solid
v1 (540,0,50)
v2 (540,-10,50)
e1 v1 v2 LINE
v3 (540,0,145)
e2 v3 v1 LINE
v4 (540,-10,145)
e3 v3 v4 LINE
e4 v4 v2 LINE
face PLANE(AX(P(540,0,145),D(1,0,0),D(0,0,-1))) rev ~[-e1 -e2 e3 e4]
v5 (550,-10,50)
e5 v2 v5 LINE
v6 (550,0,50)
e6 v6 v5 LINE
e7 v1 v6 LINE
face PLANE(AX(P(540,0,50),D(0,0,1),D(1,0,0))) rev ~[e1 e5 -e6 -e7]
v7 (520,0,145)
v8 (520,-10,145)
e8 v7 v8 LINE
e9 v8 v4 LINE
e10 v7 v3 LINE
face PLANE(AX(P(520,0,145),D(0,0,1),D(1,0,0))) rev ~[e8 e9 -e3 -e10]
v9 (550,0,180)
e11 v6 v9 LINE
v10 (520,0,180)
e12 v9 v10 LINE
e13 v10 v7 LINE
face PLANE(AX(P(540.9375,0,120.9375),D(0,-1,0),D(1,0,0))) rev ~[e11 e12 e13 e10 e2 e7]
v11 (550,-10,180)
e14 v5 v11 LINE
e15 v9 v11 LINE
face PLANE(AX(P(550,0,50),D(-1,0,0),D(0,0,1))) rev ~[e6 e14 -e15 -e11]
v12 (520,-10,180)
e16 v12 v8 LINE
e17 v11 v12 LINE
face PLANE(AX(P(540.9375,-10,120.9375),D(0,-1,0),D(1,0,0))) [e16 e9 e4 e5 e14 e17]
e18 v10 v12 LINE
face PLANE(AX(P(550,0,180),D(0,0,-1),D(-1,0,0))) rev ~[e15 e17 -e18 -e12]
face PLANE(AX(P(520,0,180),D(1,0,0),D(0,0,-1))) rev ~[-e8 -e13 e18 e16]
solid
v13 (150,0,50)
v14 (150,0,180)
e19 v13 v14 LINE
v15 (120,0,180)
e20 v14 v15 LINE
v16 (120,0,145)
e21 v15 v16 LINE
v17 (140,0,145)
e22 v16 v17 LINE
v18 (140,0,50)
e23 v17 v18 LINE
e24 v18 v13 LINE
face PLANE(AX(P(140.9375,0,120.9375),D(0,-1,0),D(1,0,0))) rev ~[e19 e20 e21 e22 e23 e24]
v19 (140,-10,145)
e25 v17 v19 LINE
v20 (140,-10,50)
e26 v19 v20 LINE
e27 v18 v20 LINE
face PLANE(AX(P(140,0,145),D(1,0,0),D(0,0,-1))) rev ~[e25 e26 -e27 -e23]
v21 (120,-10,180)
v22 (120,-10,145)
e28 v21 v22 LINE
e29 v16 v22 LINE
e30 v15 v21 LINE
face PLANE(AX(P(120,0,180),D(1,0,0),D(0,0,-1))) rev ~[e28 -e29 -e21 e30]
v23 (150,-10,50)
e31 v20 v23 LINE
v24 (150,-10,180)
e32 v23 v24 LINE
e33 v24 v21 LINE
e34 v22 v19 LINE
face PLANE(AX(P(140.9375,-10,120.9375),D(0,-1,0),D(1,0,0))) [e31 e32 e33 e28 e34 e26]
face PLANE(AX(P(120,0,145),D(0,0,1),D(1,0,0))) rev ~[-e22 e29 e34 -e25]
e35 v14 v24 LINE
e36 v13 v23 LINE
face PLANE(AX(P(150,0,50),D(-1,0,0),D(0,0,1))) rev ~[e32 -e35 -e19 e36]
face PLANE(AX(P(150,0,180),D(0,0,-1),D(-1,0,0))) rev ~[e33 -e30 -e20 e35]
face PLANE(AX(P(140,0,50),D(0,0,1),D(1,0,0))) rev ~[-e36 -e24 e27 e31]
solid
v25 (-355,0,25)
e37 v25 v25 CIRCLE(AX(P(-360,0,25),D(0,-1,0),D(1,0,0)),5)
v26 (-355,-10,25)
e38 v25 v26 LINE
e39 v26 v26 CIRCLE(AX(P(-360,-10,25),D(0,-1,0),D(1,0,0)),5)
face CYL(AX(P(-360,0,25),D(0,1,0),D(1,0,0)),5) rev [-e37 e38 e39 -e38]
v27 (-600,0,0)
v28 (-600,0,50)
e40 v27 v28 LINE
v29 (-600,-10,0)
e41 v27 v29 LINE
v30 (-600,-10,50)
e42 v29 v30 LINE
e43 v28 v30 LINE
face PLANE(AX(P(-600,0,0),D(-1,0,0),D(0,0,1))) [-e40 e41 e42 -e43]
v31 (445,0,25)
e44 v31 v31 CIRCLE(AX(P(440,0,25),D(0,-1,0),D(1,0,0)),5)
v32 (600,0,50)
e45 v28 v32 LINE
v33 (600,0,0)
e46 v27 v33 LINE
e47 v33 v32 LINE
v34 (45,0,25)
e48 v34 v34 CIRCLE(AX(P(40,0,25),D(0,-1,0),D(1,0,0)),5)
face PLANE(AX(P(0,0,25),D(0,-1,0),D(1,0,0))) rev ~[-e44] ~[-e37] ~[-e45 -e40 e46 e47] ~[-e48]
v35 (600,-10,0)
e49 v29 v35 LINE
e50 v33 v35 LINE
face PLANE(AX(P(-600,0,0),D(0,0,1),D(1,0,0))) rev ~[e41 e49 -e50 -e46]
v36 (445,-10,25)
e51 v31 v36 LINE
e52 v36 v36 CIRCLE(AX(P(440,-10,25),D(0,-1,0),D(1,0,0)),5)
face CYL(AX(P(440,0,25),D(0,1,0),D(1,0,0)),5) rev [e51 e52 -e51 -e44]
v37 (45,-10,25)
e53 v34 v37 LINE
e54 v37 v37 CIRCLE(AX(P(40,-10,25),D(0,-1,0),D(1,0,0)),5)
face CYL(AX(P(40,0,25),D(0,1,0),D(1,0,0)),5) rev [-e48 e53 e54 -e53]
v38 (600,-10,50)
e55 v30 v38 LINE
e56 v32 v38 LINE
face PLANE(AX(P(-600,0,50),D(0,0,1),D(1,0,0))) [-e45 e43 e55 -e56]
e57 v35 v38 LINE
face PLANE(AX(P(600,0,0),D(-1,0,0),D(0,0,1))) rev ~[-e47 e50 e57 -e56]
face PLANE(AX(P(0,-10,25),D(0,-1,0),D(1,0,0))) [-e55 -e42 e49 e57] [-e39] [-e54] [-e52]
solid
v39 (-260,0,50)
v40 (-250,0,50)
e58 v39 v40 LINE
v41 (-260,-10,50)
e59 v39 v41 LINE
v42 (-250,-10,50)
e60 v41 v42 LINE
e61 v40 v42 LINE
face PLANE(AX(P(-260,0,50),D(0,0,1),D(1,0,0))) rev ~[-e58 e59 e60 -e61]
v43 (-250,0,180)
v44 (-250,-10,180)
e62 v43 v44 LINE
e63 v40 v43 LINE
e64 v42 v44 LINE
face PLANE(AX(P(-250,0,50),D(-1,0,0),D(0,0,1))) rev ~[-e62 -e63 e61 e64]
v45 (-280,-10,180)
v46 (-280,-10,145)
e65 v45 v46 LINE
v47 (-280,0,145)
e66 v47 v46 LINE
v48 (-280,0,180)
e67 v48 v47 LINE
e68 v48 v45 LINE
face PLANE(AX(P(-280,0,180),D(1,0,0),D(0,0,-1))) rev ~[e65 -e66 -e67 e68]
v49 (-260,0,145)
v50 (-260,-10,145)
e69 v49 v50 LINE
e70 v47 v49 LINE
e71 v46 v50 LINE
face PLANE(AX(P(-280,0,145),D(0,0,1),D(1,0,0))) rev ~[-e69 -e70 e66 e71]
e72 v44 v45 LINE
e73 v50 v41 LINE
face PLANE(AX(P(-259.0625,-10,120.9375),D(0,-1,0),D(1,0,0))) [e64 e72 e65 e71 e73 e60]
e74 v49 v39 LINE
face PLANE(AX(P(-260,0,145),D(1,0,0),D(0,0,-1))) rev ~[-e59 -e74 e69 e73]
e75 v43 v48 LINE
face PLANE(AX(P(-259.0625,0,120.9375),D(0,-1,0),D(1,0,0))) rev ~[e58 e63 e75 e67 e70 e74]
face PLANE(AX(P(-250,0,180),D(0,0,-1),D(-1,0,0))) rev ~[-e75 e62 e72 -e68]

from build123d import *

# Parameters (mm, degrees)
F0_W     = 1200
F0_H     = 50
F2_DEPTH = 10
F3_R     = 5
F4_DEPTH = 10


with BuildPart() as f2:
    # F0 (on Front) → F2 (new body)
    with BuildSketch(Plane.XZ):
        with Locations((0, 25)):
            Rectangle(F0_W, F0_H)
    extrude(amount=F2_DEPTH)

    # F3 (on Front) → F4 (cut, through all)
    with BuildSketch(Plane.XZ):
        with Locations((440, 25)):
            Circle(F3_R)
        with Locations((40, 25)):
            Circle(F3_R)
        with Locations((-360, 25)):
            Circle(F3_R)
    extrude(amount=F4_DEPTH, mode=Mode.SUBTRACT)


with BuildPart() as f2b:
    # F1 (on Front) → F2, piece 2 (new body)
    with BuildSketch(Plane.XZ):
        Polygon((540, 50), (550, 50), (550, 180), (520, 180), (520, 145), (540, 145), align=None)
    extrude(amount=F2_DEPTH)


with BuildPart() as f2c:
    # F1 (on Front) → F2, piece 3 (new body)
    with BuildSketch(Plane.XZ):
        Polygon((150, 50), (150, 180), (120, 180), (120, 145), (140, 145), (140, 50), align=None)
    extrude(amount=F2_DEPTH)


with BuildPart() as f2d:
    # F1 (on Front) → F2, piece 4 (new body)
    with BuildSketch(Plane.XZ):
        Polygon((-250, 50), (-250, 180), (-280, 180), (-280, 145), (-260, 145), (-260, 50), align=None)
    extrude(amount=F2_DEPTH)


solid = Compound([f2.part, f2b.part, f2c.part, f2d.part])
